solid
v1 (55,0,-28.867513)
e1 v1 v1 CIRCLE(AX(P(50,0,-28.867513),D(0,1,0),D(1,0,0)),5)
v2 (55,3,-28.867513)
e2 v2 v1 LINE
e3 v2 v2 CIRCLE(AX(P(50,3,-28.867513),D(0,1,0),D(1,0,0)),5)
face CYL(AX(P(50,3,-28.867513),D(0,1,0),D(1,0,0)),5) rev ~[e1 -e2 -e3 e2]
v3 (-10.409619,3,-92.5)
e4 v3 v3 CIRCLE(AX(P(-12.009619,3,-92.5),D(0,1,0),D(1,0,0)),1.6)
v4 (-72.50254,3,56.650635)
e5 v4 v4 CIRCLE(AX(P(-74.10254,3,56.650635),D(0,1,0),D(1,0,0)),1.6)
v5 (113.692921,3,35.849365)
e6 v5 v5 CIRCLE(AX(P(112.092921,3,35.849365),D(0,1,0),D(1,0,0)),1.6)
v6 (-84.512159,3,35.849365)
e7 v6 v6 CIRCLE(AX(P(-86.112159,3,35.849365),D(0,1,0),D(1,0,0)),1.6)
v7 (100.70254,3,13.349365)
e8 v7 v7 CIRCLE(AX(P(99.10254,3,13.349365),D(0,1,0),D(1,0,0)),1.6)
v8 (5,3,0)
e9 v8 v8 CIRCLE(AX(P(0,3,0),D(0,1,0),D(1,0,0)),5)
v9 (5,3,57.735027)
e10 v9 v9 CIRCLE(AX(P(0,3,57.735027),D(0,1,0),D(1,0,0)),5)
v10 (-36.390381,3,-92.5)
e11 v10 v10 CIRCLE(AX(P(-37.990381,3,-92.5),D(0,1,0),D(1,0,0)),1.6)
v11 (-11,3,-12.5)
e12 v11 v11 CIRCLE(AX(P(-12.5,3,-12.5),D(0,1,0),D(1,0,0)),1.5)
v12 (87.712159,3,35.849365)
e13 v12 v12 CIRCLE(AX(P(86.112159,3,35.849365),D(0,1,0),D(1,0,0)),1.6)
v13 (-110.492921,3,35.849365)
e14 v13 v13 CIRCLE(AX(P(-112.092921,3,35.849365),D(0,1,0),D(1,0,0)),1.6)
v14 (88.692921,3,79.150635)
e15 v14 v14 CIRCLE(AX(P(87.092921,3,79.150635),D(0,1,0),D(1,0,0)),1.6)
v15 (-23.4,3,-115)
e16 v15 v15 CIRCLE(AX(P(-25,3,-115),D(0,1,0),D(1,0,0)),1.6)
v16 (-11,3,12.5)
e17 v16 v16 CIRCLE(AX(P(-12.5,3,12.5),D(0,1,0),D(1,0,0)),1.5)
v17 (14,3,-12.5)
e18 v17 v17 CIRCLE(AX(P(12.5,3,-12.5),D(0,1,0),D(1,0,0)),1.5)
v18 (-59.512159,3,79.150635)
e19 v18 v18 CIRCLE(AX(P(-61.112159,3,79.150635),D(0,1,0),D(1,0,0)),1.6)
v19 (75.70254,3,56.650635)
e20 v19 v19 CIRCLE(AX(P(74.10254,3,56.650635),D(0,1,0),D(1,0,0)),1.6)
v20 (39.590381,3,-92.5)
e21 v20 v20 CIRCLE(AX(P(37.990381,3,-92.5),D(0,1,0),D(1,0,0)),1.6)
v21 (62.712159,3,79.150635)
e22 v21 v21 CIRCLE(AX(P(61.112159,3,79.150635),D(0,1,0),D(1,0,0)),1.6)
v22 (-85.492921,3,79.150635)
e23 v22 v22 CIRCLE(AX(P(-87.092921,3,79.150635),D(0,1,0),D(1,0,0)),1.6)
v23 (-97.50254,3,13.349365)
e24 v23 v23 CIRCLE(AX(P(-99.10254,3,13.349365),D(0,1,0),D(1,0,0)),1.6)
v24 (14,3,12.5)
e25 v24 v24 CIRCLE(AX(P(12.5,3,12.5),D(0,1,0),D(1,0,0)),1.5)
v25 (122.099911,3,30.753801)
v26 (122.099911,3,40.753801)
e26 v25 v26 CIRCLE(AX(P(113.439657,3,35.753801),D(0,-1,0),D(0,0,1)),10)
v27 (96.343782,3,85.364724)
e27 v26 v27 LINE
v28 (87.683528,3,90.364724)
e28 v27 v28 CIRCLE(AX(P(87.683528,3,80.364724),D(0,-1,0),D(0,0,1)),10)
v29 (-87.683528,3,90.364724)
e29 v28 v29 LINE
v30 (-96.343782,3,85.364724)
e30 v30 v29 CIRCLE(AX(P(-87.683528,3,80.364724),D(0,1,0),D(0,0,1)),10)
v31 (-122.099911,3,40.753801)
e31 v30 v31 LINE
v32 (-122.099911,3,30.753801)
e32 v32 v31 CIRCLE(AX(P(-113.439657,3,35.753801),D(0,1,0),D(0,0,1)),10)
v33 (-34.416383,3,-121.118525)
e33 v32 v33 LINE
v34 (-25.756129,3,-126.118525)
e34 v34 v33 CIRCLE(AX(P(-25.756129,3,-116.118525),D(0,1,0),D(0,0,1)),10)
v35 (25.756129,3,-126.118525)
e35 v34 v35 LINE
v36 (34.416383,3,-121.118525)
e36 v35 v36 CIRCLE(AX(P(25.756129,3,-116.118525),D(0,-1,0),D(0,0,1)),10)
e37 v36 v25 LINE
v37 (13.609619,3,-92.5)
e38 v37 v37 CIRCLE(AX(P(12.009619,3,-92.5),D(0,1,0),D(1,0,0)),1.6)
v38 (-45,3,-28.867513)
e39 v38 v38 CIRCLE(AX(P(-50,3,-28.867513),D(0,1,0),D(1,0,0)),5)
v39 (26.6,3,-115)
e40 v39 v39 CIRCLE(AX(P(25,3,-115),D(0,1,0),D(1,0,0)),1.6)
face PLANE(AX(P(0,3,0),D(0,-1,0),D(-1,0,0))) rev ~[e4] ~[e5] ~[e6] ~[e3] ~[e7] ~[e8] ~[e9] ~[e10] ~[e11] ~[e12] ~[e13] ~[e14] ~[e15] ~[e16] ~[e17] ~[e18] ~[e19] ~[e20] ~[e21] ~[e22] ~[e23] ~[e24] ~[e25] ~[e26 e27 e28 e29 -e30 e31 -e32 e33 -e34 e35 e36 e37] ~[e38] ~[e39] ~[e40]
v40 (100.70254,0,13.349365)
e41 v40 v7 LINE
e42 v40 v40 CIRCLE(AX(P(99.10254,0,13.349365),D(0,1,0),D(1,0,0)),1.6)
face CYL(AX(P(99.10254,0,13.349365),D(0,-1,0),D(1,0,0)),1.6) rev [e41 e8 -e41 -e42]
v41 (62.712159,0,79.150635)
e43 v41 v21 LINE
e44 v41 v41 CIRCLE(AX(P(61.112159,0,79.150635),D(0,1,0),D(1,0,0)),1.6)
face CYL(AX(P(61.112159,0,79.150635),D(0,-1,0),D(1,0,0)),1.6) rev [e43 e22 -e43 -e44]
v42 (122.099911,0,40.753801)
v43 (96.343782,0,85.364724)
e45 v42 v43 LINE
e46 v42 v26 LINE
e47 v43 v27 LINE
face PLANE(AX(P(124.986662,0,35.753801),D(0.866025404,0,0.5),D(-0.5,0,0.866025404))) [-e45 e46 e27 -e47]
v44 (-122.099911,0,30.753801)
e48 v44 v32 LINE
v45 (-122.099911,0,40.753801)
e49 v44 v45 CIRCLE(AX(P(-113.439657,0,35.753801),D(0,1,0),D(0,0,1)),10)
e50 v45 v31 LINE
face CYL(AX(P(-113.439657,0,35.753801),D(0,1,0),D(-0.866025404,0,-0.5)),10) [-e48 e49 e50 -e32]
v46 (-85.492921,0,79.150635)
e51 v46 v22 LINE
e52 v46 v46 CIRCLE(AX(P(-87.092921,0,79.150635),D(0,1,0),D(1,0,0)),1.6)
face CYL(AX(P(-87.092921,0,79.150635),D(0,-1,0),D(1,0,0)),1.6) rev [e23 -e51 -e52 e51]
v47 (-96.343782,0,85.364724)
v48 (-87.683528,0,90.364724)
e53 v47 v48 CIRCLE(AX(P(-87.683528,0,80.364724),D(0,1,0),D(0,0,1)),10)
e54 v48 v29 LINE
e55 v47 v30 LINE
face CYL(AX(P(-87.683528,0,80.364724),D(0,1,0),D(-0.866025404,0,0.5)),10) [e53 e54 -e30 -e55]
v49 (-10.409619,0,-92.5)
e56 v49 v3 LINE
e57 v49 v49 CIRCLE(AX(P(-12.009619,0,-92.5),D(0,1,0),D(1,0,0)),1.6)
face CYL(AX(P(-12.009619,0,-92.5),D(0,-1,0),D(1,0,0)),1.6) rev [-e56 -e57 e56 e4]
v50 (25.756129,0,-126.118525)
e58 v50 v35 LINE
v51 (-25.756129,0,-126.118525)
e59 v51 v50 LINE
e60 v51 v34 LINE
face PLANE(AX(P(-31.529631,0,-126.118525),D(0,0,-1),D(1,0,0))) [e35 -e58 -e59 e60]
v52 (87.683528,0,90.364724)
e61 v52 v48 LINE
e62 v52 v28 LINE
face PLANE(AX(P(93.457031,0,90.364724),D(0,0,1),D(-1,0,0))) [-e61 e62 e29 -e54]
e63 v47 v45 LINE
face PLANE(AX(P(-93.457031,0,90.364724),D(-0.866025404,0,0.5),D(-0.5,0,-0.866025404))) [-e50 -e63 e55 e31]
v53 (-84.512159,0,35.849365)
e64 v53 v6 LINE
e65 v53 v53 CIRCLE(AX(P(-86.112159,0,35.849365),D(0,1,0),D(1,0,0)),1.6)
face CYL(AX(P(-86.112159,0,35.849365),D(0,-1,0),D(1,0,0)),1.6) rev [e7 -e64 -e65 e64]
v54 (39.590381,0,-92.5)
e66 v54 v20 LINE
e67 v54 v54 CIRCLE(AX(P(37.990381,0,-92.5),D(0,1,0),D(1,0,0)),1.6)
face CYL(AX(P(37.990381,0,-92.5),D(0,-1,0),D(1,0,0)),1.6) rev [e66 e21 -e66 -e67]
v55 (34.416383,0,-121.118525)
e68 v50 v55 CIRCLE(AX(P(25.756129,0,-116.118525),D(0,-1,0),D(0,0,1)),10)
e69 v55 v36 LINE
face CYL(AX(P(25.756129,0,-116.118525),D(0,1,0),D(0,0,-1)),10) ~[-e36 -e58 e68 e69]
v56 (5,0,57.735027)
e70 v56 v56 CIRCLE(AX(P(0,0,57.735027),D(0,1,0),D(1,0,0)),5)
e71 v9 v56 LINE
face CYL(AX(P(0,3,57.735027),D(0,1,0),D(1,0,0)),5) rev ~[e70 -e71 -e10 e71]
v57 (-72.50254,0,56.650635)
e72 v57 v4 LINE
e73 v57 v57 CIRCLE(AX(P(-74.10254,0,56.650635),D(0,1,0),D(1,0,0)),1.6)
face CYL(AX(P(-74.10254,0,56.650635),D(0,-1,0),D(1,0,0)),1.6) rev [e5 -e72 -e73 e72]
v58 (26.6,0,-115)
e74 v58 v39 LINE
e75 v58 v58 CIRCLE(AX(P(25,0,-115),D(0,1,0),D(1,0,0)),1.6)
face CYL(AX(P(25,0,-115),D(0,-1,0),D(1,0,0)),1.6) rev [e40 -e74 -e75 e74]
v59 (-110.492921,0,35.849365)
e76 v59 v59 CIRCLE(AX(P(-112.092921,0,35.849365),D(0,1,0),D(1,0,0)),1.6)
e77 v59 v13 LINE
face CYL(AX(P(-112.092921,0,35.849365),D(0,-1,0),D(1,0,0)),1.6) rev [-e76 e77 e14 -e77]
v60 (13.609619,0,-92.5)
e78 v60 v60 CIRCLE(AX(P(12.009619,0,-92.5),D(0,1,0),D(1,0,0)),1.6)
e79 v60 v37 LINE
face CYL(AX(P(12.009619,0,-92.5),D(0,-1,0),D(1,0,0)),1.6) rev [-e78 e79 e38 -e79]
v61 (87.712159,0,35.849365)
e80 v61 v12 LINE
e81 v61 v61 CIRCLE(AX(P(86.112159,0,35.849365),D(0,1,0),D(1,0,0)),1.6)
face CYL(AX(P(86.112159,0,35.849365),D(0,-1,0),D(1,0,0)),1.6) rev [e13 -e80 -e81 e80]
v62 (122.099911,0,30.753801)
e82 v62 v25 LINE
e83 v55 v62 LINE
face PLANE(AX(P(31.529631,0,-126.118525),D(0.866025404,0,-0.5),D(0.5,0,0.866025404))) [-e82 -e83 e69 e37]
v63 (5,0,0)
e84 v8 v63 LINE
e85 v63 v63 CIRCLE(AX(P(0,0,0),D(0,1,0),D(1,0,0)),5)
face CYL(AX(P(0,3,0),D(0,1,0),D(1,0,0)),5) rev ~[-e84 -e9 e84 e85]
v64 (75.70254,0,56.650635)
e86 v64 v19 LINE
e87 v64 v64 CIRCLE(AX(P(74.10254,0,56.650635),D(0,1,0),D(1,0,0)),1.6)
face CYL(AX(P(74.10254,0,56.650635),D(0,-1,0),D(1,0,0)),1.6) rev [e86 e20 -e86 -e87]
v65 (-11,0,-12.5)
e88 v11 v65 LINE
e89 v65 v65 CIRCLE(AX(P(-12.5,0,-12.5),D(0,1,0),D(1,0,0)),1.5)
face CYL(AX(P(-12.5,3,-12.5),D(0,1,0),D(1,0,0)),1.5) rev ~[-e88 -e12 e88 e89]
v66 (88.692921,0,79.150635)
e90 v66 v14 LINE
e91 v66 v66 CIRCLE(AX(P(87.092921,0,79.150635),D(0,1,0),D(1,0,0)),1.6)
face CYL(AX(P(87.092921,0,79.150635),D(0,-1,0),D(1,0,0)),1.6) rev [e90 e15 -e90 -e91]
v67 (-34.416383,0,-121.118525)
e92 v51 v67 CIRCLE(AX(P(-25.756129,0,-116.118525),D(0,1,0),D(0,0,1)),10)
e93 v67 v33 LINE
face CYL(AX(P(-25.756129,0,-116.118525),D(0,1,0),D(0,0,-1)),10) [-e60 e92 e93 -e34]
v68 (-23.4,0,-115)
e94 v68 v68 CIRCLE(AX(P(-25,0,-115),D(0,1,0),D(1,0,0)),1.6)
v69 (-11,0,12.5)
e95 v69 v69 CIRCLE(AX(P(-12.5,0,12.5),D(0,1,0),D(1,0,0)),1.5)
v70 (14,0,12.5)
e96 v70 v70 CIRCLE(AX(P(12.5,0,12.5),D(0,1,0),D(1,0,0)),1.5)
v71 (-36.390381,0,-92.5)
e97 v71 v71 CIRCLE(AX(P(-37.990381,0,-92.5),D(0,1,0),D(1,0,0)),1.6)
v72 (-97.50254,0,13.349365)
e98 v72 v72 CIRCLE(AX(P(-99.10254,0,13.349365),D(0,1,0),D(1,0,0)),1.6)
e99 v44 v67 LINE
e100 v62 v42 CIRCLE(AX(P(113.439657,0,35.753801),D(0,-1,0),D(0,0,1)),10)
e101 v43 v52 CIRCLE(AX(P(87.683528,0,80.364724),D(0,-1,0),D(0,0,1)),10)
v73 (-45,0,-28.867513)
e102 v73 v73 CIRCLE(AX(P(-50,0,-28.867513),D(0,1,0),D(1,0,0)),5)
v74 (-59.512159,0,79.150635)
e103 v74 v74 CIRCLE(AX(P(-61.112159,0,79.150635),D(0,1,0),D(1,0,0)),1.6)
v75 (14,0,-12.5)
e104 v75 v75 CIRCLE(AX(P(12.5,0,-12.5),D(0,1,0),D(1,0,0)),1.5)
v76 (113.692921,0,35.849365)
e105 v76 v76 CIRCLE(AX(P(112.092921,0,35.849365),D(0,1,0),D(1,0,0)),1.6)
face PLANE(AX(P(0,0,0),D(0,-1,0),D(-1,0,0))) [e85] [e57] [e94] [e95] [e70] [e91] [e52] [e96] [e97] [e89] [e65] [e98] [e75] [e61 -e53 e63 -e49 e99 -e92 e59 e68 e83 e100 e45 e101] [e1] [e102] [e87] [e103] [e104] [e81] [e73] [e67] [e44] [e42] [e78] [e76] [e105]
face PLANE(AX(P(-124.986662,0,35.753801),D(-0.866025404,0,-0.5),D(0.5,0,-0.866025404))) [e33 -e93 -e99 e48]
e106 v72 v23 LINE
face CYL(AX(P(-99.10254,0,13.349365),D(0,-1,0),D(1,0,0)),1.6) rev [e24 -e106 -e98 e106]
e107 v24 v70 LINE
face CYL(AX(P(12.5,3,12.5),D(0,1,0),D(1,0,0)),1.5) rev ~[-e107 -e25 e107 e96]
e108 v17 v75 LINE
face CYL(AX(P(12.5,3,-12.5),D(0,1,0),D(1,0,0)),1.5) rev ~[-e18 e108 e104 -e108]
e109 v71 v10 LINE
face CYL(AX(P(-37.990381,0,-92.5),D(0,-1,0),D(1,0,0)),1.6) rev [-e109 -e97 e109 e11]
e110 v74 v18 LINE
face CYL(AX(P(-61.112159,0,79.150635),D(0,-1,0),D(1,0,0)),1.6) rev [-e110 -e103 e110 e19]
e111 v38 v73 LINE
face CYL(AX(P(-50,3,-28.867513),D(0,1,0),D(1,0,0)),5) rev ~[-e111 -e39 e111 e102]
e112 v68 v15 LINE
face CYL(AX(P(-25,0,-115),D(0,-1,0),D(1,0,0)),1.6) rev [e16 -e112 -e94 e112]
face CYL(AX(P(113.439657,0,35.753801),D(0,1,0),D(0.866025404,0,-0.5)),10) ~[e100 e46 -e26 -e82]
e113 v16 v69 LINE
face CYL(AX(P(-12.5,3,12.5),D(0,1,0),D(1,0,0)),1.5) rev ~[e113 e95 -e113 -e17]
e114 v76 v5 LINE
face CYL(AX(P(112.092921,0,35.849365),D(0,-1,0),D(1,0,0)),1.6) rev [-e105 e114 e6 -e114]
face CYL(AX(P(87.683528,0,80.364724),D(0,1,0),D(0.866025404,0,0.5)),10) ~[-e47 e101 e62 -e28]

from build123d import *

# Parameters (mm, degrees)
SKETCH1_R           = 1.6
BOSS_EXTRUDE1_DEPTH = 3
SKETCH3_R           = 1.5
SKETCH3_R_2         = 5
CUT_EXTRUDE2_DEPTH  = 4
FILLET1_R           = 10


with BuildPart() as part:
    # Sketch1 → Boss-Extrude1 (new body)
    with BuildSketch(Plane(origin=(0, 0, 0), x_dir=(1, 0, 0), z_dir=(0, 1, 0))):
        Polygon((-31.529631255, 126.118525019), (31.529631255, 126.118525019), (124.986662182, -35.753800871), (93.457030927, -90.364724148), (-93.457030927, -90.364724148), (-124.986662182, -35.753800871), align=None)
        with Locations((-25, 115)):
            Circle(SKETCH1_R, mode=Mode.SUBTRACT)
        with Locations((-12.009618943, 92.5)):
            Circle(SKETCH1_R, mode=Mode.SUBTRACT)
        with Locations((-37.990381057, 92.5)):
            Circle(SKETCH1_R, mode=Mode.SUBTRACT)
        with Locations((37.990381057, 92.5)):
            Circle(SKETCH1_R, mode=Mode.SUBTRACT)
        with Locations((12.009618943, 92.5)):
            Circle(SKETCH1_R, mode=Mode.SUBTRACT)
        with Locations((25, 115)):
            Circle(SKETCH1_R, mode=Mode.SUBTRACT)
        with Locations((112.092921435, -35.849364905)):
            Circle(SKETCH1_R, mode=Mode.SUBTRACT)
        with Locations((86.112159322, -35.849364905)):
            Circle(SKETCH1_R, mode=Mode.SUBTRACT)
        with Locations((99.102540378, -13.349364905)):
            Circle(SKETCH1_R, mode=Mode.SUBTRACT)
        with Locations((74.102540378, -56.650635095)):
            Circle(SKETCH1_R, mode=Mode.SUBTRACT)
        with Locations((87.092921435, -79.150635095)):
            Circle(SKETCH1_R, mode=Mode.SUBTRACT)
        with Locations((61.112159322, -79.150635095)):
            Circle(SKETCH1_R, mode=Mode.SUBTRACT)
        with Locations((-87.092921435, -79.150635095)):
            Circle(SKETCH1_R, mode=Mode.SUBTRACT)
        with Locations((-74.102540378, -56.650635095)):
            Circle(SKETCH1_R, mode=Mode.SUBTRACT)
        with Locations((-61.112159322, -79.150635095)):
            Circle(SKETCH1_R, mode=Mode.SUBTRACT)
        with Locations((-86.112159322, -35.849364905)):
            Circle(SKETCH1_R, mode=Mode.SUBTRACT)
        with Locations((-112.092921435, -35.849364905)):
            Circle(SKETCH1_R, mode=Mode.SUBTRACT)
        with Locations((-99.102540378, -13.349364905)):
            Circle(SKETCH1_R, mode=Mode.SUBTRACT)
    extrude(amount=BOSS_EXTRUDE1_DEPTH)

    # Sketch3 → Cut-Extrude2 (cut, through all)
    with BuildSketch(Plane(origin=(0, 3, 0), x_dir=(1, 0, 0), z_dir=(0, 1, 0))):
        with Locations((-12.5, 12.5)):
            Circle(SKETCH3_R)
        with Locations((12.5, 12.5)):
            Circle(SKETCH3_R)
        with Locations((12.5, -12.5)):
            Circle(SKETCH3_R)
        with Locations((-12.5, -12.5)):
            Circle(SKETCH3_R)
        with Locations((-50, 28.867513459)):
            Circle(SKETCH3_R_2)
        with Locations((50, 28.867513459)):
            Circle(SKETCH3_R_2)
        with Locations((0, -57.735026919)):
            Circle(SKETCH3_R_2)
        Circle(SKETCH3_R_2)
    extrude(amount=-CUT_EXTRUDE2_DEPTH, mode=Mode.SUBTRACT)

    # Fillet1
    fillet1_edges = [part.edges().sort_by_distance(p)[0] for p in [
        (-31.529631255, 1.5, -126.118525019),
        (31.529631255, 1.5, -126.118525019),
        (124.986662182, 1.5, 35.753800871),
        (93.457030927, 1.5, 90.364724148),
        (-93.457030927, 1.5, 90.364724148),
        (-124.986662182, 1.5, 35.753800871),
    ]]
    fillet(fillet1_edges, radius=FILLET1_R)


solid = part.part
